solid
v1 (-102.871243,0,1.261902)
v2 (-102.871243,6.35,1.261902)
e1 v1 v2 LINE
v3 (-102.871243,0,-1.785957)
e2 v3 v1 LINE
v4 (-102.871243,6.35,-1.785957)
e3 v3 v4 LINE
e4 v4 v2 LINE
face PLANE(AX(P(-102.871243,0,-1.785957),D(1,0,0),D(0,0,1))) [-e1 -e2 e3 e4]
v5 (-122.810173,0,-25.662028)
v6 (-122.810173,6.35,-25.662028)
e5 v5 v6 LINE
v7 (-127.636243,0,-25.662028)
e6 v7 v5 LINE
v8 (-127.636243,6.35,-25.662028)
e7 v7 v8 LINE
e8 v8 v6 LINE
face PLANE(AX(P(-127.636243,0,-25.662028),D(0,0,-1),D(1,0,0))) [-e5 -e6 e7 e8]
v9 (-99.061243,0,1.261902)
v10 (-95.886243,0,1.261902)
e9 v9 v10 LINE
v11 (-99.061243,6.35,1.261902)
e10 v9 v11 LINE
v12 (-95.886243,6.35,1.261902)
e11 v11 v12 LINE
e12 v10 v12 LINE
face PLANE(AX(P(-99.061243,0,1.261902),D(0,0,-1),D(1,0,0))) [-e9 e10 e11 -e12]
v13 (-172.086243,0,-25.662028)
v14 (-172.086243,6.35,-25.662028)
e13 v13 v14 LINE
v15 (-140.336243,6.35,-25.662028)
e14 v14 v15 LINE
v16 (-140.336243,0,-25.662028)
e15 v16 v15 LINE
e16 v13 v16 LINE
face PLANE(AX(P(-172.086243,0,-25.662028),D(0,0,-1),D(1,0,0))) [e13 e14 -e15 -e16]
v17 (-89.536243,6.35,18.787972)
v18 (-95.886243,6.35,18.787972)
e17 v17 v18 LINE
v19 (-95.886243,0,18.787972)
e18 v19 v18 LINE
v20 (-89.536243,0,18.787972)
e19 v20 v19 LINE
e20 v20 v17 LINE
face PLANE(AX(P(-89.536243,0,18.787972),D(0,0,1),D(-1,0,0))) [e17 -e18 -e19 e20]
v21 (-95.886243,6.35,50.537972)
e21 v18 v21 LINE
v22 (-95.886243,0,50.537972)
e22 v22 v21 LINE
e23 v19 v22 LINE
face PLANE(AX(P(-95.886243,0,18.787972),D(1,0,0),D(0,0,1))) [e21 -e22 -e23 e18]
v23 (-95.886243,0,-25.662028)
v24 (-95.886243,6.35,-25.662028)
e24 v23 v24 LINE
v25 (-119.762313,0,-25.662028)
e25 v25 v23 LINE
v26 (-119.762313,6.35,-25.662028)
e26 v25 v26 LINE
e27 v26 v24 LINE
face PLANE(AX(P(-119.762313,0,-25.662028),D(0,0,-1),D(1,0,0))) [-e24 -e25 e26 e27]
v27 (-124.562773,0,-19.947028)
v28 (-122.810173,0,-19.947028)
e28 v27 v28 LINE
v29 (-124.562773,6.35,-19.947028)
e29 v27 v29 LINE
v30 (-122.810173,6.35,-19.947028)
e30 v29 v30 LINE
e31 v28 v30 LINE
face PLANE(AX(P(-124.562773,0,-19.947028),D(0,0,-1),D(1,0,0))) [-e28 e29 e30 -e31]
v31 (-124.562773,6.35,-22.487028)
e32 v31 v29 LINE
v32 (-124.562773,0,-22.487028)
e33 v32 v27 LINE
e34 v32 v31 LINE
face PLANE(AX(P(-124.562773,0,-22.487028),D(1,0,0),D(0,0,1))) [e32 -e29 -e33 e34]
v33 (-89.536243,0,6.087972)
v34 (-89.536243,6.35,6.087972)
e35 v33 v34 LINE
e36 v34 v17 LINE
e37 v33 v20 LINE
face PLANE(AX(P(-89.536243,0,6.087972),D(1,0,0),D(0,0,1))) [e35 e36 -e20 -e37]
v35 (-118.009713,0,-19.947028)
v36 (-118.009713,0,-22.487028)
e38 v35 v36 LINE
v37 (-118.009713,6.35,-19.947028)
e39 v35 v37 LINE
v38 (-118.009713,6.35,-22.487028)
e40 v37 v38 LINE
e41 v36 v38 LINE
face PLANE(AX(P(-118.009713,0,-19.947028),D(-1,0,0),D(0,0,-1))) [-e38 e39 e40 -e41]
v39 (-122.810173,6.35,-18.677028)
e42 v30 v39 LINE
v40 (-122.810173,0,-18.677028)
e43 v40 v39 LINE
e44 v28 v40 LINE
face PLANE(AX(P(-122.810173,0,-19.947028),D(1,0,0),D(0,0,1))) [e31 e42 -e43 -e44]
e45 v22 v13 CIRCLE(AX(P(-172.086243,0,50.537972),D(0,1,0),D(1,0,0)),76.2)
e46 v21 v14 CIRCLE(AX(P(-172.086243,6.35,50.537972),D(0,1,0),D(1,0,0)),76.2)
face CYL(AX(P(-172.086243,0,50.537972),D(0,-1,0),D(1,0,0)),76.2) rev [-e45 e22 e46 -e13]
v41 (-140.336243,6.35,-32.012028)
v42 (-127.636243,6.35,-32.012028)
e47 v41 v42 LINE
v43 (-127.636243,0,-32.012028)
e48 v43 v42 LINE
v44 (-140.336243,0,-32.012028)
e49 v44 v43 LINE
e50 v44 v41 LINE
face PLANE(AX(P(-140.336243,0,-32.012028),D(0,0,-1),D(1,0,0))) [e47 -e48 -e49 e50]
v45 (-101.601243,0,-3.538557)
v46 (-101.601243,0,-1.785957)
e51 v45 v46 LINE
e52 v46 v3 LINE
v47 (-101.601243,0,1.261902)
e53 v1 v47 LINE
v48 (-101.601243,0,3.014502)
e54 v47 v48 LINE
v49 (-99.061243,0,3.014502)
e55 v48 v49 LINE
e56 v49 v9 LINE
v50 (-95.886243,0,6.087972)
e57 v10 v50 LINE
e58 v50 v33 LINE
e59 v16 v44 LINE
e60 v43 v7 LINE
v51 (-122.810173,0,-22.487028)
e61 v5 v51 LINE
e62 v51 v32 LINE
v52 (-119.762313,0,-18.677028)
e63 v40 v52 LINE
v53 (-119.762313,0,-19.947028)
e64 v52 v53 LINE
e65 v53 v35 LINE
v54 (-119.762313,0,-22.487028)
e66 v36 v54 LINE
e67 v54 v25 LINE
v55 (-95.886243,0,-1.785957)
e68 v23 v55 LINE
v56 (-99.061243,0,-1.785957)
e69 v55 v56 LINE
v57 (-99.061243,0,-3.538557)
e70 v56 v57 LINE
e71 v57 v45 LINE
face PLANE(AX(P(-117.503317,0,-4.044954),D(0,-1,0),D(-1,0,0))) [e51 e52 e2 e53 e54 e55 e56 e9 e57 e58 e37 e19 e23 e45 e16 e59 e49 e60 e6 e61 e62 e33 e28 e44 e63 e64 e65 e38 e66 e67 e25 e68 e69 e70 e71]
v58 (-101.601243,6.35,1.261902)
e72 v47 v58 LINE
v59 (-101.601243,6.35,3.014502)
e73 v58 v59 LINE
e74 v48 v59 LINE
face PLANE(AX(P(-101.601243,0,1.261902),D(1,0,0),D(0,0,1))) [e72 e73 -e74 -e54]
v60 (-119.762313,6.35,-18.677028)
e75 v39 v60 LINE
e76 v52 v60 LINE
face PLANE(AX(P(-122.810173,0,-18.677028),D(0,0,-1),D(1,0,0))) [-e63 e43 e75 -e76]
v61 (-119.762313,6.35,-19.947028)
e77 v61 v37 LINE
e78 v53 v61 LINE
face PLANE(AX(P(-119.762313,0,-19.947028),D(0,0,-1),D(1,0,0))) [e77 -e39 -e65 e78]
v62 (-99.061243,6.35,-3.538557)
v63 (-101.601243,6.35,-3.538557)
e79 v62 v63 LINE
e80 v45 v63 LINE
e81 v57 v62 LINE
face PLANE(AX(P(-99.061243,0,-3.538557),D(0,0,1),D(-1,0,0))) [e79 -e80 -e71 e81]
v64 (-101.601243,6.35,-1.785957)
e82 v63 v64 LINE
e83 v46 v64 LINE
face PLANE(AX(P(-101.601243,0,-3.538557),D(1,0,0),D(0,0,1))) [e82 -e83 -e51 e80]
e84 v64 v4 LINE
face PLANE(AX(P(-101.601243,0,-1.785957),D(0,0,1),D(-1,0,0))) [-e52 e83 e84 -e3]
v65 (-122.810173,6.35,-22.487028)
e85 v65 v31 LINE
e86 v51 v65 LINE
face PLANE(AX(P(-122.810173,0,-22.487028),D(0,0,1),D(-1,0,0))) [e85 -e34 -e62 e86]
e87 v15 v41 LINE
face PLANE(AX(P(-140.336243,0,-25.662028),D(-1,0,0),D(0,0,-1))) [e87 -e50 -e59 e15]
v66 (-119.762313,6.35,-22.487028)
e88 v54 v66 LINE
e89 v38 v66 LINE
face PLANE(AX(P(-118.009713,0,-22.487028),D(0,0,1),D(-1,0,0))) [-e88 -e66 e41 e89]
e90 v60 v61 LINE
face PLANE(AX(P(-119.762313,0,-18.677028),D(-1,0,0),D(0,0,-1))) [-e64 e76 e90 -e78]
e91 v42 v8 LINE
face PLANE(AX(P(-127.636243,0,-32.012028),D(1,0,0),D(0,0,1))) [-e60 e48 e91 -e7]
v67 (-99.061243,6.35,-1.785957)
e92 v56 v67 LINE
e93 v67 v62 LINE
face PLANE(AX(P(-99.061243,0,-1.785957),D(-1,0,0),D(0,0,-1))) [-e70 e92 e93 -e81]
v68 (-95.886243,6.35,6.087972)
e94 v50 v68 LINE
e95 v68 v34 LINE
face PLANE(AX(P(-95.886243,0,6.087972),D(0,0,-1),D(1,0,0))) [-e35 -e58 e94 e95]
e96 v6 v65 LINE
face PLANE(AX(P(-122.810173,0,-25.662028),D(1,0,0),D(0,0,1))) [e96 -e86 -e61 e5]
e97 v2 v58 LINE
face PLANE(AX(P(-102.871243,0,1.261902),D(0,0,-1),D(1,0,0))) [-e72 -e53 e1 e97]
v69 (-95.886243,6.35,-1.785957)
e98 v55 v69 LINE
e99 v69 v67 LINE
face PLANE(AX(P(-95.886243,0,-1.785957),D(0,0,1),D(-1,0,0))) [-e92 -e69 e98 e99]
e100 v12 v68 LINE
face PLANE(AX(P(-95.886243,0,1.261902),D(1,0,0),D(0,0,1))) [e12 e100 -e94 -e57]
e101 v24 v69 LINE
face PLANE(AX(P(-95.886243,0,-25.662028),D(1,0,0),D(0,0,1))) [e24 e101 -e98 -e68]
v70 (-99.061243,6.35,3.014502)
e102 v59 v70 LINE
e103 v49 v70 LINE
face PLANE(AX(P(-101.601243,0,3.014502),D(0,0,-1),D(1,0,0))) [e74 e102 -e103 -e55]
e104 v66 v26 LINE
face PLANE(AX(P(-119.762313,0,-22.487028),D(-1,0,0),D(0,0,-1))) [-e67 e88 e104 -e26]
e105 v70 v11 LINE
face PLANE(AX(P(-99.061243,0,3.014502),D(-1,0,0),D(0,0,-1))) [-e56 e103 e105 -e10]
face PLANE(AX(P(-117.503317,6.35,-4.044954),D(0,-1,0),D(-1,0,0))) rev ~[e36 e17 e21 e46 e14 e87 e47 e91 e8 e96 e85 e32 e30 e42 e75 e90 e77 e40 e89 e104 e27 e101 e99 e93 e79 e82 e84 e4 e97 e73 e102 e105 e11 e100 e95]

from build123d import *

# Parameters (mm, degrees)
BOSS_EXTRUDE1_DEPTH = 6.35


with BuildPart() as part:
    # Sketch1 → Boss-Extrude1 (new body)
    with BuildSketch(Plane(origin=(0, 0, 0), x_dir=(1, 0, 0), z_dir=(0, 1, 0))):
        with BuildLine():
            Line((-172.086243064, 25.662027693), (-140.336243064, 25.662027693))
            Line((-140.336243064, 25.662027693), (-140.336243064, 32.012027693))
            Line((-140.336243064, 32.012027693), (-127.636243064, 32.012027693))
            Line((-127.636243064, 32.012027693), (-127.636243064, 25.662027693))
            Line((-127.636243064, 25.662027693), (-122.810172742, 25.662027693))
            Line((-122.810172742, 25.662027693), (-122.810172742, 22.487027693))
            Line((-122.810172742, 22.487027693), (-124.562772742, 22.487027693))
            Line((-124.562772742, 22.487027693), (-124.562772742, 19.947027693))
            Line((-124.562772742, 19.947027693), (-122.810172742, 19.947027693))
            Line((-122.810172742, 19.947027693), (-122.810172742, 18.677027693))
            Line((-122.810172742, 18.677027693), (-119.762313386, 18.677027693))
            Line((-119.762313386, 18.677027693), (-119.762313386, 19.947027693))
            Line((-119.762313386, 19.947027693), (-118.009713386, 19.947027693))
            Line((-118.009713386, 19.947027693), (-118.009713386, 22.487027693))
            Line((-118.009713386, 22.487027693), (-119.762313386, 22.487027693))
            Line((-119.762313386, 22.487027693), (-119.762313386, 25.662027693))
            Line((-119.762313386, 25.662027693), (-95.886243064, 25.662027693))
            Line((-95.886243064, 25.662027693), (-95.886243064, 1.785957371))
            Line((-95.886243064, 1.785957371), (-99.061243064, 1.785957371))
            Line((-99.061243064, 1.785957371), (-99.061243064, 3.538557371))
            Line((-99.061243064, 3.538557371), (-101.601243064, 3.538557371))
            Line((-101.601243064, 3.538557371), (-101.601243064, 1.785957371))
            Line((-101.601243064, 1.785957371), (-102.871243064, 1.785957371))
            Line((-102.871243064, 1.785957371), (-102.871243064, -1.261901985))
            Line((-102.871243064, -1.261901985), (-101.601243064, -1.261901985))
            Line((-101.601243064, -1.261901985), (-101.601243064, -3.014501985))
            Line((-101.601243064, -3.014501985), (-99.061243064, -3.014501985))
            Line((-99.061243064, -3.014501985), (-99.061243064, -1.261901985))
            Line((-99.061243064, -1.261901985), (-95.886243064, -1.261901985))
            Line((-95.886243064, -1.261901985), (-95.886243064, -6.087972307))
            Line((-95.886243064, -6.087972307), (-89.536243064, -6.087972307))
            Line((-89.536243064, -6.087972307), (-89.536243064, -18.787972307))
            Line((-89.536243064, -18.787972307), (-95.886243064, -18.787972307))
            Line((-95.886243064, -18.787972307), (-95.886243064, -50.537972307))
            ThreePointArc((-95.886243064, -50.537972307), (-118.204706338, 3.34356442), (-172.086243064, 25.662027693))
        make_face()
    extrude(amount=BOSS_EXTRUDE1_DEPTH)


solid = part.part
